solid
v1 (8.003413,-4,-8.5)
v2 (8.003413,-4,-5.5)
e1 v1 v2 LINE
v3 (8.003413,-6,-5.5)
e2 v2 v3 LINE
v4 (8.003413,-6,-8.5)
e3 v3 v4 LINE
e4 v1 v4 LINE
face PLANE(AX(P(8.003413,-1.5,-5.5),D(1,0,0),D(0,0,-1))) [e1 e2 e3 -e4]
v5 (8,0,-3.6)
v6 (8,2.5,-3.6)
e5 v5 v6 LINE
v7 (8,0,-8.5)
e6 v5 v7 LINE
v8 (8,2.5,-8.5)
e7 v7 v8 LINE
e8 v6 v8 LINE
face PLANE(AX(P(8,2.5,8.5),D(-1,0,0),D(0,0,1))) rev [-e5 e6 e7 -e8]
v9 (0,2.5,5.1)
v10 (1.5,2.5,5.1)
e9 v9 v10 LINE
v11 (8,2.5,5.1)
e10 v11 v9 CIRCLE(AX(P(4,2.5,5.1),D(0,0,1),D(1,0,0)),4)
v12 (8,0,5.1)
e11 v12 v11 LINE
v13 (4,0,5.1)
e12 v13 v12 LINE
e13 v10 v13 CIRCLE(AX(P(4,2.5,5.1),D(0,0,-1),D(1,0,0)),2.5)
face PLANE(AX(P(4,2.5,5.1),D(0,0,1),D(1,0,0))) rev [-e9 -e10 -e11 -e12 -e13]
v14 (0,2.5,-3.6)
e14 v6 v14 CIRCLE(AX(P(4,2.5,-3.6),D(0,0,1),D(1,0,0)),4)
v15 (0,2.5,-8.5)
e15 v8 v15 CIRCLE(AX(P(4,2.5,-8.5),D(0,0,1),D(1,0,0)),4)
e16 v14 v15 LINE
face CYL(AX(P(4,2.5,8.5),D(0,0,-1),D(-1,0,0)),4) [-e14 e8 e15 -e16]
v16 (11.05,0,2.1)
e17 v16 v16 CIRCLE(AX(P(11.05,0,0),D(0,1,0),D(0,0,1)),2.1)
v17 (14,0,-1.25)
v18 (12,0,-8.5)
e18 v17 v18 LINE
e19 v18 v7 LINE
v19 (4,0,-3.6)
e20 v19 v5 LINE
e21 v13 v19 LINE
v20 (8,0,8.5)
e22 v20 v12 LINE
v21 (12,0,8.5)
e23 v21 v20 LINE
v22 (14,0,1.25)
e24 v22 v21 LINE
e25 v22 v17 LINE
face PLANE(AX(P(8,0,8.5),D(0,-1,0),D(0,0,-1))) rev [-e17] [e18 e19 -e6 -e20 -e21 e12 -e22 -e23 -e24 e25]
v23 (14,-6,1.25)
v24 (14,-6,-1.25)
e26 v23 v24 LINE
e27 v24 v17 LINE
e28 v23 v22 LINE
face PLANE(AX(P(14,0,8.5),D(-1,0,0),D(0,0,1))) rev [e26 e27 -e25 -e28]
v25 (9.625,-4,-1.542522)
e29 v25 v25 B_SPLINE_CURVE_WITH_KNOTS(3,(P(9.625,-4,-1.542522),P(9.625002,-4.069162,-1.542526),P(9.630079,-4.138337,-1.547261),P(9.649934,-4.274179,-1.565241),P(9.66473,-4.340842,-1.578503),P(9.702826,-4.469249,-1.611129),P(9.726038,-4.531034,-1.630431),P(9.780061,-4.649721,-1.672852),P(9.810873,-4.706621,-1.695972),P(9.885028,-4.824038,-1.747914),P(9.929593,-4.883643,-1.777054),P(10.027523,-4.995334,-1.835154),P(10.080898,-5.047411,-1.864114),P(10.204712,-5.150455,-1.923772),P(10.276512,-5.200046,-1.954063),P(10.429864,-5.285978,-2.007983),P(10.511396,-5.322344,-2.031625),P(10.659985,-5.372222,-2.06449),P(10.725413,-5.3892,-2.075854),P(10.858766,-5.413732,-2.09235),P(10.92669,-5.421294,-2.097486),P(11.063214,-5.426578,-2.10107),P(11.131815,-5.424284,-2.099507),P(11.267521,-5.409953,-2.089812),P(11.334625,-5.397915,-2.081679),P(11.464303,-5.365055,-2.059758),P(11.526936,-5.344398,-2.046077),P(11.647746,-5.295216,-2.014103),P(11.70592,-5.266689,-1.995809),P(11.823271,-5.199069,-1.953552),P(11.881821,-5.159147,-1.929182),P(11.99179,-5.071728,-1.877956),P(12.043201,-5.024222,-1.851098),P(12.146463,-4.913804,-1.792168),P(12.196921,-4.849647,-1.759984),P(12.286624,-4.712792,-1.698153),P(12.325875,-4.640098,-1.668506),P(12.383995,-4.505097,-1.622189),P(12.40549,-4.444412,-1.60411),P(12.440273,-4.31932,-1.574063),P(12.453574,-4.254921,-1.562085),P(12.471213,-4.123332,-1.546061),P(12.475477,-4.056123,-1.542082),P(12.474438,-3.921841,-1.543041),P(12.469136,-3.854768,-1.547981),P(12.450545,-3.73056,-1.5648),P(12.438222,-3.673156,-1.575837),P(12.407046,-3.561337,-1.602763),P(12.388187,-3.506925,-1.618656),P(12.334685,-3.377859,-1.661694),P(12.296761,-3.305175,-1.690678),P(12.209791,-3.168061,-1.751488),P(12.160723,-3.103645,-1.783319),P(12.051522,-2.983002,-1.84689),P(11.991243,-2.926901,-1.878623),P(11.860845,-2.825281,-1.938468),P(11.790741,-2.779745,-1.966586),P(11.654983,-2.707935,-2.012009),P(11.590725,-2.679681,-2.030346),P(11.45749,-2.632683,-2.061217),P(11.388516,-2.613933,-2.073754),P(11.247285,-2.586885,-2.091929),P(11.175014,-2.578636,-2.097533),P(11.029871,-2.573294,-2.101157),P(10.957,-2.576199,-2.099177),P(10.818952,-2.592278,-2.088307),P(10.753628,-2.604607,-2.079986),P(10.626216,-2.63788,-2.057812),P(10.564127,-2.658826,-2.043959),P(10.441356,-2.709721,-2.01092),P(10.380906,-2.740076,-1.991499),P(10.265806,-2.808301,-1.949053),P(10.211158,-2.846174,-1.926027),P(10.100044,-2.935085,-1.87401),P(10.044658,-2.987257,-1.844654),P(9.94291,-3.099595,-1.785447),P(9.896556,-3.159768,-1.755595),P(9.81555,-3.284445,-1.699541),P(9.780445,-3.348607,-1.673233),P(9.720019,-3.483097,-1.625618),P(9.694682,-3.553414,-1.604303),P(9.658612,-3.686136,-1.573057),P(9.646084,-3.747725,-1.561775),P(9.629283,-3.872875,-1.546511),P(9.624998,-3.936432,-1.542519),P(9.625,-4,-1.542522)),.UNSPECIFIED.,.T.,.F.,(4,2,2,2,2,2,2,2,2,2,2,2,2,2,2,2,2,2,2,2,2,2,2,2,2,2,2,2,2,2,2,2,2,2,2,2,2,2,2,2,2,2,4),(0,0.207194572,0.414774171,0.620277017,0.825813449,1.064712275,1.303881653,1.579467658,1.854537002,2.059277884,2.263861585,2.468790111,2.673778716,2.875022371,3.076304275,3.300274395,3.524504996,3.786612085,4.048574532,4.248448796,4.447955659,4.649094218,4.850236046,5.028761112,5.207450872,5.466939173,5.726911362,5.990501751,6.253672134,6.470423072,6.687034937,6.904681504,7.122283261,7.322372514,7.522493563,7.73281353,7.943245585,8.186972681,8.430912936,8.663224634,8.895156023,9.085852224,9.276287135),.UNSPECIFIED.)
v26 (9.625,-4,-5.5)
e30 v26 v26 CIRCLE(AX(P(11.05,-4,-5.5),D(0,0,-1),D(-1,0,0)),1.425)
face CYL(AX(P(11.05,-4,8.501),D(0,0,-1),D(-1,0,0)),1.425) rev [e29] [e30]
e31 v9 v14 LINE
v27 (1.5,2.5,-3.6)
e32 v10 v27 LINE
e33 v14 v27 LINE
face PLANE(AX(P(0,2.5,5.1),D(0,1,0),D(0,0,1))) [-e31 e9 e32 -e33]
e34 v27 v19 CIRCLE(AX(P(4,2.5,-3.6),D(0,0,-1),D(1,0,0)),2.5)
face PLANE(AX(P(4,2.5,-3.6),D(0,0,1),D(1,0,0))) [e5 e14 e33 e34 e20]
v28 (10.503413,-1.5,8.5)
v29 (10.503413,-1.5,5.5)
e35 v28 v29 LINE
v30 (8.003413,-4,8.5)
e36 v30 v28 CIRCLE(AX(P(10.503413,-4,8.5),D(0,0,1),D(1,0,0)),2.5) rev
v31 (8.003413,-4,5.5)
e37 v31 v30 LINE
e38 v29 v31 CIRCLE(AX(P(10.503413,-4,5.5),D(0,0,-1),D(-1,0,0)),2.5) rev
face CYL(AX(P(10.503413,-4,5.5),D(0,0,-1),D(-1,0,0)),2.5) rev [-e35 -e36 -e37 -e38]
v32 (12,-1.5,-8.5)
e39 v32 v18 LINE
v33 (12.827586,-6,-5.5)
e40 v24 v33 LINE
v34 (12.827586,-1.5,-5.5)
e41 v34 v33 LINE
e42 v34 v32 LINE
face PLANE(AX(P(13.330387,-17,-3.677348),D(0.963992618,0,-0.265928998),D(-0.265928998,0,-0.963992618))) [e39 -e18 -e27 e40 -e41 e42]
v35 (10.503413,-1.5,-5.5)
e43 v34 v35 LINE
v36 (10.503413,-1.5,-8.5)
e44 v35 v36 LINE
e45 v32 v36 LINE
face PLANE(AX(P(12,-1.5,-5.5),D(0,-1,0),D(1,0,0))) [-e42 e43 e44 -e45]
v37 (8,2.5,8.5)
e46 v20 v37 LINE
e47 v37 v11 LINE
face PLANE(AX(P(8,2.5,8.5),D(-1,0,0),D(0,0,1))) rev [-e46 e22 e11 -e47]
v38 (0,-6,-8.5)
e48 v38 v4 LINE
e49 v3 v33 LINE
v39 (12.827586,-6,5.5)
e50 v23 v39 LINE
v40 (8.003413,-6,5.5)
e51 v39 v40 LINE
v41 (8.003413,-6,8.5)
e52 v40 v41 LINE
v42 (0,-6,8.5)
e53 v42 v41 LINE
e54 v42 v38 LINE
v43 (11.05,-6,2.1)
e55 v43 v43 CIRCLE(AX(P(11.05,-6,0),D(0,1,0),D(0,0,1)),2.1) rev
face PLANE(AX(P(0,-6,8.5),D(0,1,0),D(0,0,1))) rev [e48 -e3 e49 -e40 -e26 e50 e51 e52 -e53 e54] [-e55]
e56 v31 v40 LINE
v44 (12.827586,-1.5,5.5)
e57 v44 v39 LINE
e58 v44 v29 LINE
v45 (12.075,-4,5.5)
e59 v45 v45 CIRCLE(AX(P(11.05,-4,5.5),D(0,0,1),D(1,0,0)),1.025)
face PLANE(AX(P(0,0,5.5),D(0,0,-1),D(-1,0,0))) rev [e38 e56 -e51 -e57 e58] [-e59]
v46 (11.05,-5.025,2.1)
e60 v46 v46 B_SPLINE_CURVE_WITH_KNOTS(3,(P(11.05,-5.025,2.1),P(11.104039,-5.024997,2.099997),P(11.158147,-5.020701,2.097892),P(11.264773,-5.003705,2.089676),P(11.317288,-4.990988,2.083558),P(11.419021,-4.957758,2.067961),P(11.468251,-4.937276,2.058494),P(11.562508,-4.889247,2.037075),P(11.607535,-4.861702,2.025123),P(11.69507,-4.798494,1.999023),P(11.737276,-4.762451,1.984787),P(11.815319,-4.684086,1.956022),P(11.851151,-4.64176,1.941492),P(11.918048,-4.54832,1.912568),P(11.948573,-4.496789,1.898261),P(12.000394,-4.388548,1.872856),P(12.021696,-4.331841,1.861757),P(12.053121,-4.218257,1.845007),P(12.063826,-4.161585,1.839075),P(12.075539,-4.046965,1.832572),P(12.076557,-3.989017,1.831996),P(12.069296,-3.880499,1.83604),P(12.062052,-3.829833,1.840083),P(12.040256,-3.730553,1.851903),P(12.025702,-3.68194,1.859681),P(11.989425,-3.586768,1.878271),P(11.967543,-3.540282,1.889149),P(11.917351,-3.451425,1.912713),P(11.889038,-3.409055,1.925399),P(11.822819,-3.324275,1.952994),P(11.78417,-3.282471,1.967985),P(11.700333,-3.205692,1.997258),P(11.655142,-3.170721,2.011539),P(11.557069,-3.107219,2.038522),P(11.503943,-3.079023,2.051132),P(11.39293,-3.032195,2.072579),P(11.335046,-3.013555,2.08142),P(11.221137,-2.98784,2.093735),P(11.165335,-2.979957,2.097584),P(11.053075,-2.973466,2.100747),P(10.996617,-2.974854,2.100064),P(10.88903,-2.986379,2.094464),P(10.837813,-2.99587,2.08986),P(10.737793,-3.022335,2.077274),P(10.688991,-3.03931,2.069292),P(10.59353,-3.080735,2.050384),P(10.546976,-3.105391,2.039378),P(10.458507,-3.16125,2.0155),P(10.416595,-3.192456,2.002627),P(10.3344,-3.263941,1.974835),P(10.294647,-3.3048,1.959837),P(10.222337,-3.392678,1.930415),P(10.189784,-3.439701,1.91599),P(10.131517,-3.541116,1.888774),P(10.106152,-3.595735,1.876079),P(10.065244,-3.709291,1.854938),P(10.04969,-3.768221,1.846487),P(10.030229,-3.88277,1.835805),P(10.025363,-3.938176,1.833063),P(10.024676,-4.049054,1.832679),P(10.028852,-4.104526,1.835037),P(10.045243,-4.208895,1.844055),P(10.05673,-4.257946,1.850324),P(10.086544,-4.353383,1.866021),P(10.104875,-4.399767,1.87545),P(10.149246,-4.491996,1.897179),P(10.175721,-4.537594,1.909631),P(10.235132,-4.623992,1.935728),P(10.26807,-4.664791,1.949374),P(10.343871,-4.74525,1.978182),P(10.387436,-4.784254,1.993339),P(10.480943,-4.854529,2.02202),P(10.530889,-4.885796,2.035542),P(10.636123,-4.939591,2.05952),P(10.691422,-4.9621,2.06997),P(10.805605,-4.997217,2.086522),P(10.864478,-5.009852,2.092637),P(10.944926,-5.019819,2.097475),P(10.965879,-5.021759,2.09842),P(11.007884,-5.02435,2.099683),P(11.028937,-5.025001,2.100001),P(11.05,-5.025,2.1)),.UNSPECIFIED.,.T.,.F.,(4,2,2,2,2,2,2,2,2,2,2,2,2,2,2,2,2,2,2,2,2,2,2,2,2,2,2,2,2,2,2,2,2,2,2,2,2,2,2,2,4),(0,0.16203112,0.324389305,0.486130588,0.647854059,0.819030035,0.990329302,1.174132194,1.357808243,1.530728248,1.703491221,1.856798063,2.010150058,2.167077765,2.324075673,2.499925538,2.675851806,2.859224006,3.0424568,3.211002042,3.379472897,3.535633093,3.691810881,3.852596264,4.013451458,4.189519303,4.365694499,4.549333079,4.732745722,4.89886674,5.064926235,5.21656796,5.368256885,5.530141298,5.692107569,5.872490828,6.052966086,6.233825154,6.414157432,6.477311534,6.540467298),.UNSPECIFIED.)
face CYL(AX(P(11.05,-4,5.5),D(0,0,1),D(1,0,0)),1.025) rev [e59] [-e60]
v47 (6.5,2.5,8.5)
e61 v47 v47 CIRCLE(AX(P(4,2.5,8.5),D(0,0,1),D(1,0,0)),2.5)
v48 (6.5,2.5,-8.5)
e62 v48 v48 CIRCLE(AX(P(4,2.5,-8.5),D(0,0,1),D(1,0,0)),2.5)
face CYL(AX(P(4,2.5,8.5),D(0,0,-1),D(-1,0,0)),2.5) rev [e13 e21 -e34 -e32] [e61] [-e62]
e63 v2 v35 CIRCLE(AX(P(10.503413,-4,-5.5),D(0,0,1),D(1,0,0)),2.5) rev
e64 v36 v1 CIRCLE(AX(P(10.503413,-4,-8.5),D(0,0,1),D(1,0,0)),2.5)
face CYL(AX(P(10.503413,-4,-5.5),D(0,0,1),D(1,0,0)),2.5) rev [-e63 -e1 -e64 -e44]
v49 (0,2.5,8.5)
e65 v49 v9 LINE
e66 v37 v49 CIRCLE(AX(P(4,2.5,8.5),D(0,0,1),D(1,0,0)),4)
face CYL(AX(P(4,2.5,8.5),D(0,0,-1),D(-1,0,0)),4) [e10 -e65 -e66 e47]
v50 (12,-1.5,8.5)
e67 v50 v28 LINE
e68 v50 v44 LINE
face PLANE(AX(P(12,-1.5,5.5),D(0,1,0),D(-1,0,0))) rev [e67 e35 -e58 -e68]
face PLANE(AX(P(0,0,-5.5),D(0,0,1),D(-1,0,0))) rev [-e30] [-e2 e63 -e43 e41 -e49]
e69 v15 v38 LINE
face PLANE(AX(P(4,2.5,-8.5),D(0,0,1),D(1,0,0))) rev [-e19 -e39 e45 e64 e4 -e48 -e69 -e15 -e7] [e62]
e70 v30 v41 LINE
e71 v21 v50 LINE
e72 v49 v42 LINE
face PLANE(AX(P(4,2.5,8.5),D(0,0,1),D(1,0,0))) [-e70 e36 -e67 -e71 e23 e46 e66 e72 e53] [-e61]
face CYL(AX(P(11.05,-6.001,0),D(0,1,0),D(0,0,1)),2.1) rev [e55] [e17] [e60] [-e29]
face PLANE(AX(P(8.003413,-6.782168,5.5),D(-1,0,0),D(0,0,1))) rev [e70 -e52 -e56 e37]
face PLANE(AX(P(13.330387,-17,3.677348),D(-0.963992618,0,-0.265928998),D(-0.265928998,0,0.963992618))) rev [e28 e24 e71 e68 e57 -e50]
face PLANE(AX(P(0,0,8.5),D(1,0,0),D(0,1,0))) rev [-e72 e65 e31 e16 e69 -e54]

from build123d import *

# Parameters (mm, degrees)
SKETCH_1_R                = 2.5
EXTRUDE_1_DEPTH           = 8.5
CUT_EXTRUDE_1_DEPTH       = 17
CUT_EXTRUDE_2_DEPTH       = 3
FILLET_1_R                = 2.5
FILLET_1_OF_MIRROR_1_R    = 2.5
CUT_EXTRUDE_3_REACH       = 19.621
SKETCH_4_R                = 2.1
HOLE_WIZARD_M2_5_1_REACH  = 22.839
HOLE_WIZARD_M2_5_1_BORE_R = 1.025
CUT_EXTRUDE_4_REACH       = 22.839
CUT_EXTRUDE_4_END_RADIUS  = 2.1
SKETCH_9_R                = 1.425
CUT_EXTRUDE_5_DEPTH       = 5.1
CUT_EXTRUDE_6_DEPTH       = 3.6


with BuildPart() as part:
    # 草图1 → 凸台-拉伸1 (new, symmetric)
    with BuildSketch(Plane.XY):
        with BuildLine():
            Line((0, 0), (0, 2.5))
            ThreePointArc((0, 2.5), (4, 6.5), (8, 2.5))
            Line((8, 2.5), (8, 0))
            Line((8, 0), (14, 0))
            Line((14, 0), (14, -6))
            Line((14, -6), (0, -6))
            Line((0, -6), (0, 0))
        make_face()
        with Locations((4, 2.5)):
            Circle(SKETCH_1_R, mode=Mode.SUBTRACT)
    extrude(amount=EXTRUDE_1_DEPTH, both=True)

    # 草图2 → 切除-拉伸1 (cut)
    with BuildSketch(Plane(origin=(0, 0, 0), x_dir=(1, 0, 0), z_dir=(0, 1, 0))):
        Polygon((12, 8.5), (14, 1.25), (14, 8.5), align=None)
        Polygon((14, -8.5), (14, -1.25), (12, -8.5), align=None)
    extrude(amount=-CUT_EXTRUDE_1_DEPTH, mode=Mode.SUBTRACT)

    # 草图3 → 切除-拉伸2 (cut)
    with BuildSketch(Plane.XY.offset(8.5)):
        Polygon((12, -1.5), (8.003412896, -1.5), (8.003412896, -6), (8.003412896, -6.782168113), (14.44734693, -6.782168113), (14.44734693, -1.5), align=None)
    cut_extrude_2 = extrude(amount=-CUT_EXTRUDE_2_DEPTH, mode=Mode.SUBTRACT)

    # 圆角1
    fillet_1_edges = [part.edges().sort_by_distance(p)[0] for p in [
        (8.003412896, -1.5, 7),
    ]]
    fillet(fillet_1_edges, radius=FILLET_1_R)

    # 镜向1: 切除-拉伸2 across plane
    add(cut_extrude_2.mirror(Plane.XY), mode=Mode.SUBTRACT)

    # 圆角1 of 镜向1
    fillet_1_of_mirror_1_edges = [part.edges().sort_by_distance(p)[0] for p in [
        (8.003412896, -1.5, -7),
    ]]
    fillet(fillet_1_of_mirror_1_edges, radius=FILLET_1_OF_MIRROR_1_R)

    # 草图4 → 切除-拉伸3 (cut, up to next)
    with BuildSketch(Plane(origin=(0, 0, 0), x_dir=(1, 0, 0), z_dir=(0, 1, 0)), mode=Mode.PRIVATE) as cut_extrude_3_sk1:
        with Locations(Location((11.05, 0, 0), (0, 0, 270))):
            Circle(SKETCH_4_R)
    cut_extrude_3_tool1 = extrude(cut_extrude_3_sk1.sketch, amount=-CUT_EXTRUDE_3_REACH, mode=Mode.PRIVATE) & part.part
    add(cut_extrude_3_tool1.solids().sort_by_distance((11.05, 0, 0))[0], mode=Mode.SUBTRACT)

    # M2.5 螺纹孔1 bore → M2.5 螺纹孔1 (cut, up to next)
    with BuildSketch(Plane.XY.offset(5.5), mode=Mode.PRIVATE) as hole_wizard_m2_5_1_sk1:
        with Locations((11.05, -4)):
            Circle(HOLE_WIZARD_M2_5_1_BORE_R)
    hole_wizard_m2_5_1_tool1 = extrude(hole_wizard_m2_5_1_sk1.sketch, amount=-HOLE_WIZARD_M2_5_1_REACH, mode=Mode.PRIVATE) & part.part
    add(hole_wizard_m2_5_1_tool1.solids().sort_by_distance((11.05, -4, 5.5))[0], mode=Mode.SUBTRACT)

    # 切除-拉伸4: up to this cylinder (the profile starts outside it)
    cut_extrude_4_end = Plane(origin=(11.05, -4, 0), z_dir=(0, 1, 0)) * Cylinder(CUT_EXTRUDE_4_END_RADIUS, 50.878, mode=Mode.PRIVATE)
    # 草图9 → 切除-拉伸4 (cut, up to the surface)
    with BuildSketch(Plane(origin=(0, 0, -5.5), x_dir=(-1, 0, 0), z_dir=(0, 0, -1)), mode=Mode.PRIVATE) as cut_extrude_4_sk1:
        with Locations((-11.05, -4)):
            Circle(SKETCH_9_R)
    cut_extrude_4_tool1 = extrude(cut_extrude_4_sk1.sketch, amount=-CUT_EXTRUDE_4_REACH, mode=Mode.PRIVATE) - cut_extrude_4_end
    add(cut_extrude_4_tool1.solids().sort_by_distance((11.05, -4, -5.5))[0], mode=Mode.SUBTRACT)

    # 草图10 → 切除-拉伸5 (cut)
    with BuildSketch(Plane.XY):
        with BuildLine():
            Line((0, 2.5), (1.5, 2.5))
            ThreePointArc((1.5, 2.5), (5.767766953, 4.267766953), (4, 0))
            Line((4, 0), (8, 0))
            Line((8, 0), (8, 2.5))
            ThreePointArc((8, 2.5), (4, 6.5), (0, 2.5))
        make_face()
    extrude(amount=CUT_EXTRUDE_5_DEPTH, mode=Mode.SUBTRACT)

    # 草图10<2> → 切除-拉伸6 (cut)
    with BuildSketch(Plane.XY):
        with BuildLine():
            Line((0, 2.5), (1.5, 2.5))
            ThreePointArc((1.5, 2.5), (5.767766953, 4.267766953), (4, 0))
            Line((4, 0), (8, 0))
            Line((8, 0), (8, 2.5))
            ThreePointArc((8, 2.5), (4, 6.5), (0, 2.5))
        make_face()
    extrude(amount=-CUT_EXTRUDE_6_DEPTH, mode=Mode.SUBTRACT)


solid = part.part
